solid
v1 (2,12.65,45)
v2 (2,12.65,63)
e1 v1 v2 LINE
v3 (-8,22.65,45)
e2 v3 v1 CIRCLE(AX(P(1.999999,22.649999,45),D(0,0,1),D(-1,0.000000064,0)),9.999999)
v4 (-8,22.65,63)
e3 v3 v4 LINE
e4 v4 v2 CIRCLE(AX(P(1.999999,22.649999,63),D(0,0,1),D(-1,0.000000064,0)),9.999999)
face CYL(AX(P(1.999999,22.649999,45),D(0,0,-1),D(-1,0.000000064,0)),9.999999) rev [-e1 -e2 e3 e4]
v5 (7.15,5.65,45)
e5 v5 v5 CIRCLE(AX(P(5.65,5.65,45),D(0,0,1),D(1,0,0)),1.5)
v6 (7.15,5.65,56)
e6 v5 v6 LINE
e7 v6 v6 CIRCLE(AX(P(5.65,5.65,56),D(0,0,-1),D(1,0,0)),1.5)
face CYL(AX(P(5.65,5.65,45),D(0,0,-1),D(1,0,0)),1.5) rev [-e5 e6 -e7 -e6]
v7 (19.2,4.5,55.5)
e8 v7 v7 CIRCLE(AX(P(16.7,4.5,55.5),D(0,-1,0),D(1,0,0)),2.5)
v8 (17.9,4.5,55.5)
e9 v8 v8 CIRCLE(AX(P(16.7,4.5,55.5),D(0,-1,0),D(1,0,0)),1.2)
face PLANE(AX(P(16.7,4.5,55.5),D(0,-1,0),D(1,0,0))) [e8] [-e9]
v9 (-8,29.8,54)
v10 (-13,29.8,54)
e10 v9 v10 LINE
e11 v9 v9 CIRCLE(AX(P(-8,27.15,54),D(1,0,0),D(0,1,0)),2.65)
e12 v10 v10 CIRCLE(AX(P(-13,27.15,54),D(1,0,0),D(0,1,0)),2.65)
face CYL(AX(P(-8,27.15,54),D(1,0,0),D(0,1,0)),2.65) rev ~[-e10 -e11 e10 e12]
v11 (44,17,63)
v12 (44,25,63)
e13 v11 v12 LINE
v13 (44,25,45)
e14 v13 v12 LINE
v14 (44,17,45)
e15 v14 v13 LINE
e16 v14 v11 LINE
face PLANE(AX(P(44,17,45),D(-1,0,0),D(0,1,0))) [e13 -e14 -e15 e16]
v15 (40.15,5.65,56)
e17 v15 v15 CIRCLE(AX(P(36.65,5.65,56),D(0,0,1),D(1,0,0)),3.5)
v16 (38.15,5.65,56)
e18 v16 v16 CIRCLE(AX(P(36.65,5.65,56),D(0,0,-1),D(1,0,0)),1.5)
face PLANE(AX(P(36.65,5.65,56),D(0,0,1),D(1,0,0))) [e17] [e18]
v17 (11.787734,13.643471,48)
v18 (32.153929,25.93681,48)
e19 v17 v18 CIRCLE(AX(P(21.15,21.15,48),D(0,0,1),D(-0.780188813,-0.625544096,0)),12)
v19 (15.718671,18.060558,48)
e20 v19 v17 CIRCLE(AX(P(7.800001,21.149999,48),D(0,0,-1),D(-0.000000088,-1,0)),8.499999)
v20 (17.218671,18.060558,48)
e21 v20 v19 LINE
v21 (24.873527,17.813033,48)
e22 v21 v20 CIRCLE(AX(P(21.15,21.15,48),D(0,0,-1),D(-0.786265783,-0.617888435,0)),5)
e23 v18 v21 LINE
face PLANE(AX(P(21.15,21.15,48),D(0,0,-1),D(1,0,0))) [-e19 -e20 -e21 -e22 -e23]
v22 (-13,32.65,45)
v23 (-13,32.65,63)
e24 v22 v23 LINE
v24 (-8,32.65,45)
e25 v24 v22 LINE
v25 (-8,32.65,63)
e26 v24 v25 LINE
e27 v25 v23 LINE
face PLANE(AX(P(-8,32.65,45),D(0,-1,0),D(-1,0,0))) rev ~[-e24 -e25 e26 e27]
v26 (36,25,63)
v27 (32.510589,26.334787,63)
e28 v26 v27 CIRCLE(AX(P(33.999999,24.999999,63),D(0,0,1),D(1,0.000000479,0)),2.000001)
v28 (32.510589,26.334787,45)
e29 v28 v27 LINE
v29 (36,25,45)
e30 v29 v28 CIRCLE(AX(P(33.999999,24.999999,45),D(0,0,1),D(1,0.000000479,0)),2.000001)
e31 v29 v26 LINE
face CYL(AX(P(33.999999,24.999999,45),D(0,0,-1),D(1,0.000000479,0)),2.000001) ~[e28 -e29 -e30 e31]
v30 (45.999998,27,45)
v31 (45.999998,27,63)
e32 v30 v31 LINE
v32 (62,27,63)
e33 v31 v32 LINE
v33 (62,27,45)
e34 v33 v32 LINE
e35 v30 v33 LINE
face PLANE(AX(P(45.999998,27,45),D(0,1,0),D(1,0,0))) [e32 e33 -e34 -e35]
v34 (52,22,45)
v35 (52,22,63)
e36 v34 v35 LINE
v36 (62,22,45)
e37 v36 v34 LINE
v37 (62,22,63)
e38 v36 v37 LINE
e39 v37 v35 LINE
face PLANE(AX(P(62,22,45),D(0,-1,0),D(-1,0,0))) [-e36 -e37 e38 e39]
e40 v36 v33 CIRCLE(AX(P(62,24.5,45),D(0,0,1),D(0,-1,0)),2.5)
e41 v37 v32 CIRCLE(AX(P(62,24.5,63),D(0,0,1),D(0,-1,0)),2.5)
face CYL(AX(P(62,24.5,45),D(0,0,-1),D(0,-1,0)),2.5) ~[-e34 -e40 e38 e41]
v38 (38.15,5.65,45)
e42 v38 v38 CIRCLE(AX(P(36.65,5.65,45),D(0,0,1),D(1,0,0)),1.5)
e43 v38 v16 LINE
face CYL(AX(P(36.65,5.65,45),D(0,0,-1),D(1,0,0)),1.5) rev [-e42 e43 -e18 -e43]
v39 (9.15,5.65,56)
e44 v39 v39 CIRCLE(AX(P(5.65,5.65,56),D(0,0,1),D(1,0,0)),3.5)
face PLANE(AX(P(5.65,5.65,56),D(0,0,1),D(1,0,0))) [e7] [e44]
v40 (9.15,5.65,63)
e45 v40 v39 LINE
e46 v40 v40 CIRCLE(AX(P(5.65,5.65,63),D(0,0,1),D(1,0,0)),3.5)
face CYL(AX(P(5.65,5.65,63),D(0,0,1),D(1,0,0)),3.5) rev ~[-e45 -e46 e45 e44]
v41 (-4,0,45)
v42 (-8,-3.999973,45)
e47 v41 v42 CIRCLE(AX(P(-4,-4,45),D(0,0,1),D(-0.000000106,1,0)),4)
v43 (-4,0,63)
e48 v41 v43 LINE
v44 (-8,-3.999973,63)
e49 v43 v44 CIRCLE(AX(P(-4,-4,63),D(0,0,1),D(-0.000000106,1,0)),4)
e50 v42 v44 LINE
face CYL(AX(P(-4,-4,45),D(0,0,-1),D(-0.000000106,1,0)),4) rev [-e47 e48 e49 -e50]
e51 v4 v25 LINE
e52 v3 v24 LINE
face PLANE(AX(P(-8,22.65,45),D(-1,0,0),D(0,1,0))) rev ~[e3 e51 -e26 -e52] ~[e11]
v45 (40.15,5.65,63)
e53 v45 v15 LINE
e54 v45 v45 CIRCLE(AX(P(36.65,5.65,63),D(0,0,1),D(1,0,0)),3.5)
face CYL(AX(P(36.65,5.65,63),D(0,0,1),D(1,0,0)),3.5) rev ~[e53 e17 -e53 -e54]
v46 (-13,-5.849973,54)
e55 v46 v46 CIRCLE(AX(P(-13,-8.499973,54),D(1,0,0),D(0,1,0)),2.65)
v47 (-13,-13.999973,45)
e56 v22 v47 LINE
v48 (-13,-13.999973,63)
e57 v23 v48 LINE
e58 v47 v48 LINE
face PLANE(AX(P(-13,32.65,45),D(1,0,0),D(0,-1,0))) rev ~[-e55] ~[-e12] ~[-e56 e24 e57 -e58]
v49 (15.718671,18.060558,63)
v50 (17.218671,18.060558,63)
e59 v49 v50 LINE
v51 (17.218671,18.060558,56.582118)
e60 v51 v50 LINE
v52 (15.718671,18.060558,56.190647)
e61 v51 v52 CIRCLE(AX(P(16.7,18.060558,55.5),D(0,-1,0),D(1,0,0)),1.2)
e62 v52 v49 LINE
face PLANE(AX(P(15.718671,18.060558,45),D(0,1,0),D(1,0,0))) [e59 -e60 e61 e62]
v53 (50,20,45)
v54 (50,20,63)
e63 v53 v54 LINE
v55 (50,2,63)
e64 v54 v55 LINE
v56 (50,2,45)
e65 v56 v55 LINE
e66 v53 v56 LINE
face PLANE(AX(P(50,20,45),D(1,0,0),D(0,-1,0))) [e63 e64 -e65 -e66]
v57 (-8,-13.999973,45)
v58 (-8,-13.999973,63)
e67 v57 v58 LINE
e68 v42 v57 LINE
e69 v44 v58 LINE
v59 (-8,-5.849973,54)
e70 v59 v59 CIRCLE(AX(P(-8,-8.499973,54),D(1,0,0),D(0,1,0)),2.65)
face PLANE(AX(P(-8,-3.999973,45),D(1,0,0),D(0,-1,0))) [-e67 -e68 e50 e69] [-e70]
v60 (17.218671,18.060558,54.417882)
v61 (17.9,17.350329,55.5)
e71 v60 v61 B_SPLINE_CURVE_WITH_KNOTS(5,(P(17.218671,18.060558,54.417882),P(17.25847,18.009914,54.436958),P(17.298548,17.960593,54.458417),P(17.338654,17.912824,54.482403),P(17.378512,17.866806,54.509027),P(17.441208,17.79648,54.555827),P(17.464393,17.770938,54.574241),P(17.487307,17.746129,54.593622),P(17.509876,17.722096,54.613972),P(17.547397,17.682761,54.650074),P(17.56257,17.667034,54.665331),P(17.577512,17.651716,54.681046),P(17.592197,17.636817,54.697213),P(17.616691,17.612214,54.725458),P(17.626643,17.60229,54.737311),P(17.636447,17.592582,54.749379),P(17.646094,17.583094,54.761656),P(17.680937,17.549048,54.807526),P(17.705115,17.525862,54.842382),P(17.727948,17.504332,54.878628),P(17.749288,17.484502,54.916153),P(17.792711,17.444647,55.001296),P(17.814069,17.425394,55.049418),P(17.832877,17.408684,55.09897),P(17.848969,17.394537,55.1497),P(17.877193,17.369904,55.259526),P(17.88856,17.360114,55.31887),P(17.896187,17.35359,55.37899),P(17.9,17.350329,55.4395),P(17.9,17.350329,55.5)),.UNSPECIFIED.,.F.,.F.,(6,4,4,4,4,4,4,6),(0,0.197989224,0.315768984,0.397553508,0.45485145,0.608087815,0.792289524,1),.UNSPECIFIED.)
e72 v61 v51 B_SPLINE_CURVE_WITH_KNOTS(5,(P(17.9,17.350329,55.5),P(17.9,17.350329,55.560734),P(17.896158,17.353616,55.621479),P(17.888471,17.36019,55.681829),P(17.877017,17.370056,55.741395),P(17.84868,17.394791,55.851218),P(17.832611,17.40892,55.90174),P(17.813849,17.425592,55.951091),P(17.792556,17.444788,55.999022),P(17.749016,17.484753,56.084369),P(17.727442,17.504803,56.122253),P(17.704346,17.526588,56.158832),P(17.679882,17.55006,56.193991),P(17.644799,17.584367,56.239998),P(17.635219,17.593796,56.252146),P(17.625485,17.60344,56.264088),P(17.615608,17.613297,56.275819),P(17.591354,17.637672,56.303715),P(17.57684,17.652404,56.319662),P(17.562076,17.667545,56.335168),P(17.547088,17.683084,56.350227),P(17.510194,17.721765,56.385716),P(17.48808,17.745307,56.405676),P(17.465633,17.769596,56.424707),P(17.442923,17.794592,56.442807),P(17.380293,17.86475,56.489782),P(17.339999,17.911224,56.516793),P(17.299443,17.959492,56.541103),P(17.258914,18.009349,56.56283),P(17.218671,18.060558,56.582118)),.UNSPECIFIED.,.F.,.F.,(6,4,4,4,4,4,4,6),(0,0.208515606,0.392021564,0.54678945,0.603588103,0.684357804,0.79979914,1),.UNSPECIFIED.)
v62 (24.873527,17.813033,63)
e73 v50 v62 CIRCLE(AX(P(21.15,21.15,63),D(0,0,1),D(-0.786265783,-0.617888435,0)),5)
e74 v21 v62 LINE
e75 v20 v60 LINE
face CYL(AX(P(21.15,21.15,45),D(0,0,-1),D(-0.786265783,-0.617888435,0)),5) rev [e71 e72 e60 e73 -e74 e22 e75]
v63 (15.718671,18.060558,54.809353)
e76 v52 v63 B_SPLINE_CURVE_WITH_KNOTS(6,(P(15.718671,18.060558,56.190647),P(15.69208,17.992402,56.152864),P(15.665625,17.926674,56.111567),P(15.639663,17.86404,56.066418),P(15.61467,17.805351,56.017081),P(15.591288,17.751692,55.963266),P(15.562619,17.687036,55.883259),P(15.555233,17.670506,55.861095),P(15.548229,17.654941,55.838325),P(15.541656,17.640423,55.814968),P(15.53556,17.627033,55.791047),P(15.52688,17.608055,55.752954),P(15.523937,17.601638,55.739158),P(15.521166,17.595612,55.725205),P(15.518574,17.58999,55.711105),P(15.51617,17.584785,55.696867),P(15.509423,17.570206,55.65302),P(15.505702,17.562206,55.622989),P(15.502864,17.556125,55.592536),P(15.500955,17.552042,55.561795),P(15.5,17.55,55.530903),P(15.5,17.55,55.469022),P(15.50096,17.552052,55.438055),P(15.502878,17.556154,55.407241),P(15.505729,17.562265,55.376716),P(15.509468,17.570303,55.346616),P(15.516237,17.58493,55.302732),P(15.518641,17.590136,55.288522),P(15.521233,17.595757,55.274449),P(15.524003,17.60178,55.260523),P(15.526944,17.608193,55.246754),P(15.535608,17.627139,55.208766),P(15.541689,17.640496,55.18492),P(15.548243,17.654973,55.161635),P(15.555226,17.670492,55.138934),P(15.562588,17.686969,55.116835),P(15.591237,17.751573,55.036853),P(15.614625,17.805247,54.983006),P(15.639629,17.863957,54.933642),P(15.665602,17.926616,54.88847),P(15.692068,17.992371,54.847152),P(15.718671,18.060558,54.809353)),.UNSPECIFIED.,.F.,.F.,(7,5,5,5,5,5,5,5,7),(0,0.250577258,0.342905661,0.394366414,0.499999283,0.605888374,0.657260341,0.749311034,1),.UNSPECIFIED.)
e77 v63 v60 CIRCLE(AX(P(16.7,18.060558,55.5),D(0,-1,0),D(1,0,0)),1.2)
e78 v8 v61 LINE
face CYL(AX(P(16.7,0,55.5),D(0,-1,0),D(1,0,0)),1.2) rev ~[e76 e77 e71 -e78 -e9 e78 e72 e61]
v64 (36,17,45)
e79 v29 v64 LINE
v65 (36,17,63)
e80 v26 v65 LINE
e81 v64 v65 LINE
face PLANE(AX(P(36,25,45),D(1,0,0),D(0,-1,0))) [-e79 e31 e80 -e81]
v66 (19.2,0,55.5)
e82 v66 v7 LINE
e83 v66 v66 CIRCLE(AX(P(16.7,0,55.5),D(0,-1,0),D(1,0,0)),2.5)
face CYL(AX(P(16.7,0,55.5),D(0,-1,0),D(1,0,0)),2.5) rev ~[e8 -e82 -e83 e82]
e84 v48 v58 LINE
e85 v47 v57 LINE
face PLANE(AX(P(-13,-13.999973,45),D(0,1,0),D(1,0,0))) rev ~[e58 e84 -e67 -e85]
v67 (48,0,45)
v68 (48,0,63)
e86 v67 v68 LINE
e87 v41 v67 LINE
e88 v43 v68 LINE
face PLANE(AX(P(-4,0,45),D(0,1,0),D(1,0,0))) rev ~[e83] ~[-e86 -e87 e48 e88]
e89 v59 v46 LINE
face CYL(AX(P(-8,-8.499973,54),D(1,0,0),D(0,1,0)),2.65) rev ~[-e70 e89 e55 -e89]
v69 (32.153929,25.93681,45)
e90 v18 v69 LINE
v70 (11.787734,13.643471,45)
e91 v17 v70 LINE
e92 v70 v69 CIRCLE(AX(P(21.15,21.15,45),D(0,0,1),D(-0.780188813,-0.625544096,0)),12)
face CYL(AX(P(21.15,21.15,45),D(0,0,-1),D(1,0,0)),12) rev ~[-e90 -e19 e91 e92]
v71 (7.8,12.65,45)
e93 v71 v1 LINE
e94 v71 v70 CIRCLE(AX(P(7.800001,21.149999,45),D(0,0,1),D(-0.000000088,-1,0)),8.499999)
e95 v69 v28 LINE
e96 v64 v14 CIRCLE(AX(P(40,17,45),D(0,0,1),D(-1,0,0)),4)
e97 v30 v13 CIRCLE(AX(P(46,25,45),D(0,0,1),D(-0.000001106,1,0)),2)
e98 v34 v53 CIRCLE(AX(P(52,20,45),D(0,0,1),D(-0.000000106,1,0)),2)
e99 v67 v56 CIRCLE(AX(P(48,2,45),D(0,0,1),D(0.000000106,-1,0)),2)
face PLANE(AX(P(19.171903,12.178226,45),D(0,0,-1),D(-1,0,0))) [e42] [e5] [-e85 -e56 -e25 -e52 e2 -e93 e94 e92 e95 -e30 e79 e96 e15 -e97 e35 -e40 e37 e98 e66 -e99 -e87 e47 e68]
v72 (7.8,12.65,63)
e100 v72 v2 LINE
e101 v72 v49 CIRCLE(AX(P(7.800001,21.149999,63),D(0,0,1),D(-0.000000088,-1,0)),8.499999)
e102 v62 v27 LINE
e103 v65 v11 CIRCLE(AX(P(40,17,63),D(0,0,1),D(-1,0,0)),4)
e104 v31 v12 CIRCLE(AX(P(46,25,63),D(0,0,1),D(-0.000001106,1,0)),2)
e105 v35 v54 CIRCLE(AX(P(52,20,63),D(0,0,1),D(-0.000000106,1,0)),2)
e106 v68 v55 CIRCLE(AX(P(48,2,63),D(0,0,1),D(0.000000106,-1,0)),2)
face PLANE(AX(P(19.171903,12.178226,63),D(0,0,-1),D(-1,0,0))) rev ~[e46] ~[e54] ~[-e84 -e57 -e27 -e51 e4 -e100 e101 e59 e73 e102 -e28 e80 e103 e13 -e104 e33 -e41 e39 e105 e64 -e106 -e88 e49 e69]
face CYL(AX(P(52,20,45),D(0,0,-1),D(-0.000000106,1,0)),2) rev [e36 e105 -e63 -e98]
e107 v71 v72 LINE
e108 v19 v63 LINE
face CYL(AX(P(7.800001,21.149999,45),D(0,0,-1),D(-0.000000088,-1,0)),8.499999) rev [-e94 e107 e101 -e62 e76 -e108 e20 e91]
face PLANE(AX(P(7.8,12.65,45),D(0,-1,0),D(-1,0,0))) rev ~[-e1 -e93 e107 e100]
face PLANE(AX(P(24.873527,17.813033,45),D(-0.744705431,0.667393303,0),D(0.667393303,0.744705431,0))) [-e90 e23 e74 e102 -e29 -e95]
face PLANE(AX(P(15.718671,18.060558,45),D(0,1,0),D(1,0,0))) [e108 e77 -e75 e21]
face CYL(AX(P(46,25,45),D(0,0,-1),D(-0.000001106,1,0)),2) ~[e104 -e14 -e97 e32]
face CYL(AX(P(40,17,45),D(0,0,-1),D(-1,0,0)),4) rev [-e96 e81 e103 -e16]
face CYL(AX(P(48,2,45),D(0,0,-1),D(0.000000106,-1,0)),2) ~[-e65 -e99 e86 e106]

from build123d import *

# Parameters (mm, degrees)
SKETCH011_R     = 1.5
PAD008_DEPTH    = 18
SKETCH012_R     = 12
POCKET_DEPTH    = 3
SKETCH015_R     = 1.2
POCKET007_DEPTH = 32.651
SKETCH016_R     = 2.5
POCKET008_DEPTH = 4.5
SKETCH022_R     = 3.5
POCKET009_DEPTH = 7
SKETCH023_R     = 2.65
POCKET010_DEPTH = 5.001


with BuildPart() as part:
    # Sketch011 → Pad008 (new body)
    with BuildSketch(Plane.XY.offset(45)):
        with BuildLine():
            ThreePointArc((7.8, 12.65), (12.595297, 14.1318), (15.718671, 18.060558))
            Line((15.718671, 18.060558), (17.218671, 18.060558))
            ThreePointArc((17.218671, 18.060558), (20.988406, 16.152612), (24.873527, 17.813033))
            Line((24.873527, 17.813033), (32.510589, 26.334787))
            ThreePointArc((36, 25), (34.714555, 26.867996), (32.510589, 26.334787))
            Line((36, 25), (36, 17))
            ThreePointArc((36, 17), (40, 13), (44, 17))
            Line((44, 17), (44, 25))
            ThreePointArc((45.999998, 27), (44.585786, 26.414213), (44, 25))
            Line((45.999998, 27), (62, 27))
            ThreePointArc((62, 22), (64.5, 24.5), (62, 27))
            Line((62, 22), (52, 22))
            ThreePointArc((52, 22), (50.585786, 21.414213), (50, 20))
            Line((50, 20), (50, 2))
            ThreePointArc((48, 0), (49.414214, 0.585787), (50, 2))
            Line((-4, 0), (48, 0))
            ThreePointArc((-4, 0), (-6.828417, -1.171563), (-8, -3.999973))
            Line((-8, -3.999973), (-8, -13.999973))
            Line((-13, -13.999973), (-8, -13.999973))
            Line((-13, 32.65), (-13, -13.999973))
            Line((-8, 32.65), (-13, 32.65))
            Line((-8, 22.65), (-8, 32.65))
            ThreePointArc((-8, 22.65), (-5.071068, 15.578932), (2, 12.65))
            Line((7.8, 12.65), (2, 12.65))
        make_face()
        with Locations((36.65, 5.65)):
            Circle(SKETCH011_R, mode=Mode.SUBTRACT)
        with Locations((5.65, 5.65)):
            Circle(SKETCH011_R, mode=Mode.SUBTRACT)
    extrude(amount=PAD008_DEPTH)

    # Sketch012 → Pocket (cut)
    with BuildSketch(Plane(origin=(0, 0, 45), x_dir=(1, 0, 0), z_dir=(0, 0, -1))):
        with Locations((21.15, -21.15)):
            Circle(SKETCH012_R)
    extrude(amount=-POCKET_DEPTH, mode=Mode.SUBTRACT)

    # Sketch015 → Pocket007 (cut, through all)
    with BuildSketch(Plane(origin=(0, 0, 45), x_dir=(1, 0, 0), z_dir=(0, -1, 0))):
        with Locations((16.7, 10.5)):
            Circle(SKETCH015_R)
    extrude(amount=-POCKET007_DEPTH, mode=Mode.SUBTRACT)

    # Sketch016 → Pocket008 (cut)
    with BuildSketch(Plane(origin=(0, 0, 45), x_dir=(1, 0, 0), z_dir=(0, -1, 0))):
        with Locations((16.7, 10.5)):
            Circle(SKETCH016_R)
    extrude(amount=-POCKET008_DEPTH, mode=Mode.SUBTRACT)

    # Sketch022 → Pocket009 (cut)
    with BuildSketch(Plane.XY.offset(63)):
        with Locations((5.65, 5.65)):
            Circle(SKETCH022_R)
        with Locations((36.65, 5.65)):
            Circle(SKETCH022_R)
    extrude(amount=-POCKET009_DEPTH, mode=Mode.SUBTRACT)

    # Sketch023 → Pocket010 (cut, through all)
    with BuildSketch(Plane(origin=(-8, 0, 45), x_dir=(0, 1, 0), z_dir=(1, 0, 0))):
        with Locations((-8.499973, 9)):
            Circle(SKETCH023_R)
        with Locations((27.15, 9)):
            Circle(SKETCH023_R)
    extrude(amount=-POCKET010_DEPTH, mode=Mode.SUBTRACT)


solid = part.part
